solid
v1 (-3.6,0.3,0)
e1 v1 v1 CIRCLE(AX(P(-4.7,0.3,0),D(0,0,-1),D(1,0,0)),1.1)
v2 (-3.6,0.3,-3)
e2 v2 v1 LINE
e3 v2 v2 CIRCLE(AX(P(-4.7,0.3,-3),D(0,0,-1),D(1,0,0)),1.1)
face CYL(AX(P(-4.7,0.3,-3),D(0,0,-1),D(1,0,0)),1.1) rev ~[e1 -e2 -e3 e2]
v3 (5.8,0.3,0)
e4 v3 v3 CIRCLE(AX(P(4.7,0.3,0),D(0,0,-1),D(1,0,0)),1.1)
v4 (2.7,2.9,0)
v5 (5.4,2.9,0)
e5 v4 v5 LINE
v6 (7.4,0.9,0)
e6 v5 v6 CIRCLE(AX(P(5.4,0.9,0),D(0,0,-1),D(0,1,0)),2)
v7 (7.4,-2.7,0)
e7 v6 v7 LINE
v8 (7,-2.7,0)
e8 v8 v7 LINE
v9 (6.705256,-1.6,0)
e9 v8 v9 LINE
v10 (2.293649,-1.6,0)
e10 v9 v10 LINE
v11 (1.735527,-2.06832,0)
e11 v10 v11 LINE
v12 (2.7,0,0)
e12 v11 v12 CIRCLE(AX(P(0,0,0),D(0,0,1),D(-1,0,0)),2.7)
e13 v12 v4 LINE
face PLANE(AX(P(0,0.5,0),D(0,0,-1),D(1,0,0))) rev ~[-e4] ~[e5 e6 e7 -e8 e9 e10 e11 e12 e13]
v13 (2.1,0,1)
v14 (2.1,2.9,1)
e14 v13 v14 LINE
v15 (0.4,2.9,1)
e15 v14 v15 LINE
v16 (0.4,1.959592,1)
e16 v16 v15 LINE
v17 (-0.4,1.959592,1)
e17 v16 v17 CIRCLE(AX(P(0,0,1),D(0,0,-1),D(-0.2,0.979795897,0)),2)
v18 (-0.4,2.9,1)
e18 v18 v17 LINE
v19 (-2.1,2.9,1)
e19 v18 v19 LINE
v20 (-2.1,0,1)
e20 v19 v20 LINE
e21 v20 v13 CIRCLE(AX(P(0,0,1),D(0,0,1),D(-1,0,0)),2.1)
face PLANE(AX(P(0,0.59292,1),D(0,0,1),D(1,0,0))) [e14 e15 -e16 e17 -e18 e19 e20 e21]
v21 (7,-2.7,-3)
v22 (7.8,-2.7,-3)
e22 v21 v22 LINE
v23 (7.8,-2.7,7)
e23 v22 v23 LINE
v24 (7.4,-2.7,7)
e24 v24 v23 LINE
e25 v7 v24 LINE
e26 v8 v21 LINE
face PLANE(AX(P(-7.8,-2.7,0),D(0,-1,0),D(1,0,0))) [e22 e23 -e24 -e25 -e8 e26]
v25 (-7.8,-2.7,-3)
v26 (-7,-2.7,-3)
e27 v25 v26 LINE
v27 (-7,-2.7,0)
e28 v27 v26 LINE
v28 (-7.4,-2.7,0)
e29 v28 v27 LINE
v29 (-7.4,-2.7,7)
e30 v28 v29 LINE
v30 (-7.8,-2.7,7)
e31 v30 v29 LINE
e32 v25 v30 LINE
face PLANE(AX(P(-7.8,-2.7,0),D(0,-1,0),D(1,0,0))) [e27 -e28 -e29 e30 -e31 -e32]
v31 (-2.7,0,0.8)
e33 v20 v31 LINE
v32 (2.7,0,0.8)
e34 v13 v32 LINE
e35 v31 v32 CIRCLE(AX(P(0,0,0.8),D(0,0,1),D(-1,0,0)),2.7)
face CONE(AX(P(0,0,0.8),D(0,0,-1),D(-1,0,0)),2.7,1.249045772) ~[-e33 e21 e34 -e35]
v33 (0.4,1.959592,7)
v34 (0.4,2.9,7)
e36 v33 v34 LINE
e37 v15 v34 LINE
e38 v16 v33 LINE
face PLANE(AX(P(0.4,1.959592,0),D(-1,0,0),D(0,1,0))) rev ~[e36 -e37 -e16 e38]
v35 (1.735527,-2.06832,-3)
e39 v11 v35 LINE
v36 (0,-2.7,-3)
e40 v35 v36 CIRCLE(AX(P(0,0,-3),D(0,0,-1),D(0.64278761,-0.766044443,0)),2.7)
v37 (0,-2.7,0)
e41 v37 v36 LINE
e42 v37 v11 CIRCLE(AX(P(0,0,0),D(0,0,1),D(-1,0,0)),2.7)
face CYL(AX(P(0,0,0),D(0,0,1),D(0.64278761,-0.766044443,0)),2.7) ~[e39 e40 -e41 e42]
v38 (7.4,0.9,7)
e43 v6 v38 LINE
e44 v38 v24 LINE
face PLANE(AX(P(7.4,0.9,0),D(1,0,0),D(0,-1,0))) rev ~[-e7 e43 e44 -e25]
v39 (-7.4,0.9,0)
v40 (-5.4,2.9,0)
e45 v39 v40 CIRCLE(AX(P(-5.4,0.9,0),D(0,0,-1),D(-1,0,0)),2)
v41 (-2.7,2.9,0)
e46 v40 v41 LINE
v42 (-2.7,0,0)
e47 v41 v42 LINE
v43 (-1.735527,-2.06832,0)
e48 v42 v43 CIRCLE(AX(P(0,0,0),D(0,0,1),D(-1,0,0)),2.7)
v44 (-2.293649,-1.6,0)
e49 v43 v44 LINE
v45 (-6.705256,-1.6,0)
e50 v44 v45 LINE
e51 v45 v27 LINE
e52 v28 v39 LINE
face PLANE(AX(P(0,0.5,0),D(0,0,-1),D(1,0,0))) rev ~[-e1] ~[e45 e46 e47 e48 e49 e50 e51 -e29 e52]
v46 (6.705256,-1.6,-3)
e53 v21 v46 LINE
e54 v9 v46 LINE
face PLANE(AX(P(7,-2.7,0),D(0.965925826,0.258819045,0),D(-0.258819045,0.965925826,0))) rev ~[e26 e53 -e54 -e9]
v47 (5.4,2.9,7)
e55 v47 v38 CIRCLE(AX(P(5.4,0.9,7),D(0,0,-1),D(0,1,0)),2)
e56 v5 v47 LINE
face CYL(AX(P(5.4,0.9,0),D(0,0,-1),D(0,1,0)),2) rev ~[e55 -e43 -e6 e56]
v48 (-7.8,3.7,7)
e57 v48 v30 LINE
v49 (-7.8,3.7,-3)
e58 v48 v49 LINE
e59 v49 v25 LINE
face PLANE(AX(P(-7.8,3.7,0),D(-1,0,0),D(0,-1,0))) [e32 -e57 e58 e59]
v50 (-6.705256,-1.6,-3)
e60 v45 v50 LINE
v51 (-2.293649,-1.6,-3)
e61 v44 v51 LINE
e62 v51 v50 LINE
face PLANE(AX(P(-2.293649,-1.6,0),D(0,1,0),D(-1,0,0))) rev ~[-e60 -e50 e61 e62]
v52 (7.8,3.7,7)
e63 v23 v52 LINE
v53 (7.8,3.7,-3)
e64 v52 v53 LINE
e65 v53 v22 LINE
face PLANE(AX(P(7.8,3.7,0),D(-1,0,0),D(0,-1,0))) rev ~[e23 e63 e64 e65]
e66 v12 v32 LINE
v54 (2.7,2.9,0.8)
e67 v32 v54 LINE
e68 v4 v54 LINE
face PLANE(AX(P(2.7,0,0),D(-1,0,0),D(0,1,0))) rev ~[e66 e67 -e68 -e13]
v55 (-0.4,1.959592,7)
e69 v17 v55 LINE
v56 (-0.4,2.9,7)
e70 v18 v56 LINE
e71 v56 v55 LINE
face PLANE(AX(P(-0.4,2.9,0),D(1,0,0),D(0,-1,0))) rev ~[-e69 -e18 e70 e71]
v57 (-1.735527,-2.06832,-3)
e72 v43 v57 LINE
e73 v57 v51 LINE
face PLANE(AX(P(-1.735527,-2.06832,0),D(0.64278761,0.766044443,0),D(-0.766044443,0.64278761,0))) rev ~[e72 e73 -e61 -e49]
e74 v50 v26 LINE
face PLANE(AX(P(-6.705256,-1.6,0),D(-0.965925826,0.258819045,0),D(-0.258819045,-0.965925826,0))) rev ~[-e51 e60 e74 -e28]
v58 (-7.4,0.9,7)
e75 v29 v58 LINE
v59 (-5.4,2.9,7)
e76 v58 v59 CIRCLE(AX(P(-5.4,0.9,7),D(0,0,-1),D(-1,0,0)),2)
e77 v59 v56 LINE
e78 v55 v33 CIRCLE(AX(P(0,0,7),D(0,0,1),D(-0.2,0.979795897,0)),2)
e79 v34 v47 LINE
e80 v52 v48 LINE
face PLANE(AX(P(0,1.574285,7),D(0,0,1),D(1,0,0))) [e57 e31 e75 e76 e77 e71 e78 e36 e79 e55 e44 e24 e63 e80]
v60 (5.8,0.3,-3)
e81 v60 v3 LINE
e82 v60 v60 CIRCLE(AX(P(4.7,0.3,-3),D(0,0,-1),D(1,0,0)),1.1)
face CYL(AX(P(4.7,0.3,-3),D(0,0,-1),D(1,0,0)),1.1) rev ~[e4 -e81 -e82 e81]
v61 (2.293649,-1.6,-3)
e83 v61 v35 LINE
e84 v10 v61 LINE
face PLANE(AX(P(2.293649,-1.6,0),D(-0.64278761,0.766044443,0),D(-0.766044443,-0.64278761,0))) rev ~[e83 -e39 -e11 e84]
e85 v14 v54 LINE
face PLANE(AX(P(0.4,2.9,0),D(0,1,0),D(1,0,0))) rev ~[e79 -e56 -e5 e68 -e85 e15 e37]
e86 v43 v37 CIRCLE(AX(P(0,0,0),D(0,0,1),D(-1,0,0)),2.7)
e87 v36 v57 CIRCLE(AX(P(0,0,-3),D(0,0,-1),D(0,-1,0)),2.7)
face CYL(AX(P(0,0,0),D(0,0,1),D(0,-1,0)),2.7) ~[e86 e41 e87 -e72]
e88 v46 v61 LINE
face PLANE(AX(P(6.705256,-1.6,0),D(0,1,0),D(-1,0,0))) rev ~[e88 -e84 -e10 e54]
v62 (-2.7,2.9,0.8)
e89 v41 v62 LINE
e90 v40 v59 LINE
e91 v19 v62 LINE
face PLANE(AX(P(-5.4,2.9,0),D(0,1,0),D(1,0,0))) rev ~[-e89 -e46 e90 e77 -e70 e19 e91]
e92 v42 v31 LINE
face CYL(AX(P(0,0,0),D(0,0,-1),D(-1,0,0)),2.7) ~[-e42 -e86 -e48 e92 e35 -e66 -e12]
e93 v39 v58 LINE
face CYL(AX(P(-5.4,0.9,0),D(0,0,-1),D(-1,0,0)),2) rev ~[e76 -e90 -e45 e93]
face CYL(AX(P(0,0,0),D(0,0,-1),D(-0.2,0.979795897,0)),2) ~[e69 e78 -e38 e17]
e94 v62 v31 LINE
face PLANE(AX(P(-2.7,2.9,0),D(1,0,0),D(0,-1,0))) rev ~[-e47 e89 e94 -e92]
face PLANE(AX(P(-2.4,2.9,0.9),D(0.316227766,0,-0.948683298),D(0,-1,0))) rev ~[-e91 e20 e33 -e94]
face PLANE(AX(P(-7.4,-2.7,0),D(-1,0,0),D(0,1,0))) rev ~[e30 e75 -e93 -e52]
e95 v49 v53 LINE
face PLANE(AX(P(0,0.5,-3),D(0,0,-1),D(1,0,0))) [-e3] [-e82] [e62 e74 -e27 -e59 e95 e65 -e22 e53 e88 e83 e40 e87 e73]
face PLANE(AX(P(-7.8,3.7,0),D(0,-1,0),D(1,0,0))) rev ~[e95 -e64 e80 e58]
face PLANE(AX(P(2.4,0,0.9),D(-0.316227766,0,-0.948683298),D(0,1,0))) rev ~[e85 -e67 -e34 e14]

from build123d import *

# Parameters (mm, degrees)
F1_DEPTH  = 7
F2_W      = 15.6
F2_H      = 6.4
F3_DEPTH  = 3
F5_DEPTH  = 1
F6_SIZE2  = 0.2
F6_SIZE   = 0.6
F8_DEPTH  = 3
F9_R      = 1.1
F10_DEPTH = 3


with BuildPart() as f1:
    # F0 (on Top) → F1 (new body)
    with BuildSketch(Plane.XY):
        with BuildLine():
            Line((-0.4, 2.9), (-0.4, 1.9595917942))
            ThreePointArc((-0.4, 1.9595917942), (0, -2), (0.4, 1.9595917942))
            Line((0.4, 1.9595917942), (0.4, 2.9))
            Line((0.4, 2.9), (5.4, 2.9))
            ThreePointArc((5.4, 2.9), (6.8142135624, 2.3142135624), (7.4, 0.9))
            Line((7.4, 0.9), (7.4, -2.7))
            Line((7.4, -2.7), (7.8, -2.7))
            Line((7.8, -2.7), (7.8, 3.7))
            Line((7.8, 3.7), (-7.8, 3.7))
            Line((-7.8, 3.7), (-7.8, -2.7))
            Line((-7.8, -2.7), (-7.4, -2.7))
            Line((-7.4, -2.7), (-7.4, 0.9))
            ThreePointArc((-7.4, 0.9), (-6.8142135624, 2.3142135624), (-5.4, 2.9))
            Line((-5.4, 2.9), (-0.4, 2.9))
        make_face()
    extrude(amount=F1_DEPTH)

    # F2 (on face) → F3 (join)
    with BuildSketch(Plane(origin=(0, 0, 0), x_dir=(1, 0, 0), z_dir=(0, 0, -1))):
        with Locations((0, -0.5)):
            Rectangle(F2_W, F2_H)
    extrude(amount=F3_DEPTH)

    # F4 (on face) → F5 (join)
    with BuildSketch(Plane.XY):
        with BuildLine():
            Line((-2.7, 2.9), (-2.7, 0))
            ThreePointArc((-2.7, 0), (0, -2.7), (2.7, 0))
            Line((2.7, 0), (2.7, 2.9))
            Line((2.7, 2.9), (-2.7, 2.9))
        make_face()
    extrude(amount=F5_DEPTH)

    # F6
    f6_edges = [f1.edges().sort_by_distance(p)[0] for p in [
        (0, -2.7, 1),
    ]]
    f6_side = f1.faces().sort_by_distance((0, -2.622205, 1))[0]
    chamfer(f6_edges, length=F6_SIZE, length2=F6_SIZE2, reference=f6_side)

    # F7 (on face) → F8 (cut, through all)
    with BuildSketch(Plane.XY):
        with BuildLine():
            ThreePointArc((0, -2.7), (-0.923454387, -2.5371700761), (-1.7355265462, -2.0683199964))
            Line((-1.7355265462, -2.0683199964), (-2.2936485844, -1.6))
            Line((-2.2936485844, -1.6), (-6.7052558883, -1.6))
            Line((-6.7052558883, -1.6), (-7, -2.7))
            Line((-7, -2.7), (0, -2.7))
        make_face()
        with BuildLine():
            ThreePointArc((1.7355265462, -2.0683199964), (0.923454387, -2.5371700761), (0, -2.7))
            Line((0, -2.7), (7, -2.7))
            Line((7, -2.7), (6.7052558883, -1.6))
            Line((6.7052558883, -1.6), (2.2936485844, -1.6))
            Line((2.2936485844, -1.6), (1.7355265462, -2.0683199964))
        make_face()
    extrude(amount=-F8_DEPTH, mode=Mode.SUBTRACT)

    # F9 (on face) → F10 (cut, through all)
    with BuildSketch(Plane(origin=(0, 0, -3), x_dir=(1, 0, 0), z_dir=(0, 0, -1))):
        with Locations((-4.7, -0.3)):
            Circle(F9_R)
        with Locations((4.7, -0.3)):
            Circle(F9_R)
    extrude(amount=-F10_DEPTH, mode=Mode.SUBTRACT)


solid = f1.part
